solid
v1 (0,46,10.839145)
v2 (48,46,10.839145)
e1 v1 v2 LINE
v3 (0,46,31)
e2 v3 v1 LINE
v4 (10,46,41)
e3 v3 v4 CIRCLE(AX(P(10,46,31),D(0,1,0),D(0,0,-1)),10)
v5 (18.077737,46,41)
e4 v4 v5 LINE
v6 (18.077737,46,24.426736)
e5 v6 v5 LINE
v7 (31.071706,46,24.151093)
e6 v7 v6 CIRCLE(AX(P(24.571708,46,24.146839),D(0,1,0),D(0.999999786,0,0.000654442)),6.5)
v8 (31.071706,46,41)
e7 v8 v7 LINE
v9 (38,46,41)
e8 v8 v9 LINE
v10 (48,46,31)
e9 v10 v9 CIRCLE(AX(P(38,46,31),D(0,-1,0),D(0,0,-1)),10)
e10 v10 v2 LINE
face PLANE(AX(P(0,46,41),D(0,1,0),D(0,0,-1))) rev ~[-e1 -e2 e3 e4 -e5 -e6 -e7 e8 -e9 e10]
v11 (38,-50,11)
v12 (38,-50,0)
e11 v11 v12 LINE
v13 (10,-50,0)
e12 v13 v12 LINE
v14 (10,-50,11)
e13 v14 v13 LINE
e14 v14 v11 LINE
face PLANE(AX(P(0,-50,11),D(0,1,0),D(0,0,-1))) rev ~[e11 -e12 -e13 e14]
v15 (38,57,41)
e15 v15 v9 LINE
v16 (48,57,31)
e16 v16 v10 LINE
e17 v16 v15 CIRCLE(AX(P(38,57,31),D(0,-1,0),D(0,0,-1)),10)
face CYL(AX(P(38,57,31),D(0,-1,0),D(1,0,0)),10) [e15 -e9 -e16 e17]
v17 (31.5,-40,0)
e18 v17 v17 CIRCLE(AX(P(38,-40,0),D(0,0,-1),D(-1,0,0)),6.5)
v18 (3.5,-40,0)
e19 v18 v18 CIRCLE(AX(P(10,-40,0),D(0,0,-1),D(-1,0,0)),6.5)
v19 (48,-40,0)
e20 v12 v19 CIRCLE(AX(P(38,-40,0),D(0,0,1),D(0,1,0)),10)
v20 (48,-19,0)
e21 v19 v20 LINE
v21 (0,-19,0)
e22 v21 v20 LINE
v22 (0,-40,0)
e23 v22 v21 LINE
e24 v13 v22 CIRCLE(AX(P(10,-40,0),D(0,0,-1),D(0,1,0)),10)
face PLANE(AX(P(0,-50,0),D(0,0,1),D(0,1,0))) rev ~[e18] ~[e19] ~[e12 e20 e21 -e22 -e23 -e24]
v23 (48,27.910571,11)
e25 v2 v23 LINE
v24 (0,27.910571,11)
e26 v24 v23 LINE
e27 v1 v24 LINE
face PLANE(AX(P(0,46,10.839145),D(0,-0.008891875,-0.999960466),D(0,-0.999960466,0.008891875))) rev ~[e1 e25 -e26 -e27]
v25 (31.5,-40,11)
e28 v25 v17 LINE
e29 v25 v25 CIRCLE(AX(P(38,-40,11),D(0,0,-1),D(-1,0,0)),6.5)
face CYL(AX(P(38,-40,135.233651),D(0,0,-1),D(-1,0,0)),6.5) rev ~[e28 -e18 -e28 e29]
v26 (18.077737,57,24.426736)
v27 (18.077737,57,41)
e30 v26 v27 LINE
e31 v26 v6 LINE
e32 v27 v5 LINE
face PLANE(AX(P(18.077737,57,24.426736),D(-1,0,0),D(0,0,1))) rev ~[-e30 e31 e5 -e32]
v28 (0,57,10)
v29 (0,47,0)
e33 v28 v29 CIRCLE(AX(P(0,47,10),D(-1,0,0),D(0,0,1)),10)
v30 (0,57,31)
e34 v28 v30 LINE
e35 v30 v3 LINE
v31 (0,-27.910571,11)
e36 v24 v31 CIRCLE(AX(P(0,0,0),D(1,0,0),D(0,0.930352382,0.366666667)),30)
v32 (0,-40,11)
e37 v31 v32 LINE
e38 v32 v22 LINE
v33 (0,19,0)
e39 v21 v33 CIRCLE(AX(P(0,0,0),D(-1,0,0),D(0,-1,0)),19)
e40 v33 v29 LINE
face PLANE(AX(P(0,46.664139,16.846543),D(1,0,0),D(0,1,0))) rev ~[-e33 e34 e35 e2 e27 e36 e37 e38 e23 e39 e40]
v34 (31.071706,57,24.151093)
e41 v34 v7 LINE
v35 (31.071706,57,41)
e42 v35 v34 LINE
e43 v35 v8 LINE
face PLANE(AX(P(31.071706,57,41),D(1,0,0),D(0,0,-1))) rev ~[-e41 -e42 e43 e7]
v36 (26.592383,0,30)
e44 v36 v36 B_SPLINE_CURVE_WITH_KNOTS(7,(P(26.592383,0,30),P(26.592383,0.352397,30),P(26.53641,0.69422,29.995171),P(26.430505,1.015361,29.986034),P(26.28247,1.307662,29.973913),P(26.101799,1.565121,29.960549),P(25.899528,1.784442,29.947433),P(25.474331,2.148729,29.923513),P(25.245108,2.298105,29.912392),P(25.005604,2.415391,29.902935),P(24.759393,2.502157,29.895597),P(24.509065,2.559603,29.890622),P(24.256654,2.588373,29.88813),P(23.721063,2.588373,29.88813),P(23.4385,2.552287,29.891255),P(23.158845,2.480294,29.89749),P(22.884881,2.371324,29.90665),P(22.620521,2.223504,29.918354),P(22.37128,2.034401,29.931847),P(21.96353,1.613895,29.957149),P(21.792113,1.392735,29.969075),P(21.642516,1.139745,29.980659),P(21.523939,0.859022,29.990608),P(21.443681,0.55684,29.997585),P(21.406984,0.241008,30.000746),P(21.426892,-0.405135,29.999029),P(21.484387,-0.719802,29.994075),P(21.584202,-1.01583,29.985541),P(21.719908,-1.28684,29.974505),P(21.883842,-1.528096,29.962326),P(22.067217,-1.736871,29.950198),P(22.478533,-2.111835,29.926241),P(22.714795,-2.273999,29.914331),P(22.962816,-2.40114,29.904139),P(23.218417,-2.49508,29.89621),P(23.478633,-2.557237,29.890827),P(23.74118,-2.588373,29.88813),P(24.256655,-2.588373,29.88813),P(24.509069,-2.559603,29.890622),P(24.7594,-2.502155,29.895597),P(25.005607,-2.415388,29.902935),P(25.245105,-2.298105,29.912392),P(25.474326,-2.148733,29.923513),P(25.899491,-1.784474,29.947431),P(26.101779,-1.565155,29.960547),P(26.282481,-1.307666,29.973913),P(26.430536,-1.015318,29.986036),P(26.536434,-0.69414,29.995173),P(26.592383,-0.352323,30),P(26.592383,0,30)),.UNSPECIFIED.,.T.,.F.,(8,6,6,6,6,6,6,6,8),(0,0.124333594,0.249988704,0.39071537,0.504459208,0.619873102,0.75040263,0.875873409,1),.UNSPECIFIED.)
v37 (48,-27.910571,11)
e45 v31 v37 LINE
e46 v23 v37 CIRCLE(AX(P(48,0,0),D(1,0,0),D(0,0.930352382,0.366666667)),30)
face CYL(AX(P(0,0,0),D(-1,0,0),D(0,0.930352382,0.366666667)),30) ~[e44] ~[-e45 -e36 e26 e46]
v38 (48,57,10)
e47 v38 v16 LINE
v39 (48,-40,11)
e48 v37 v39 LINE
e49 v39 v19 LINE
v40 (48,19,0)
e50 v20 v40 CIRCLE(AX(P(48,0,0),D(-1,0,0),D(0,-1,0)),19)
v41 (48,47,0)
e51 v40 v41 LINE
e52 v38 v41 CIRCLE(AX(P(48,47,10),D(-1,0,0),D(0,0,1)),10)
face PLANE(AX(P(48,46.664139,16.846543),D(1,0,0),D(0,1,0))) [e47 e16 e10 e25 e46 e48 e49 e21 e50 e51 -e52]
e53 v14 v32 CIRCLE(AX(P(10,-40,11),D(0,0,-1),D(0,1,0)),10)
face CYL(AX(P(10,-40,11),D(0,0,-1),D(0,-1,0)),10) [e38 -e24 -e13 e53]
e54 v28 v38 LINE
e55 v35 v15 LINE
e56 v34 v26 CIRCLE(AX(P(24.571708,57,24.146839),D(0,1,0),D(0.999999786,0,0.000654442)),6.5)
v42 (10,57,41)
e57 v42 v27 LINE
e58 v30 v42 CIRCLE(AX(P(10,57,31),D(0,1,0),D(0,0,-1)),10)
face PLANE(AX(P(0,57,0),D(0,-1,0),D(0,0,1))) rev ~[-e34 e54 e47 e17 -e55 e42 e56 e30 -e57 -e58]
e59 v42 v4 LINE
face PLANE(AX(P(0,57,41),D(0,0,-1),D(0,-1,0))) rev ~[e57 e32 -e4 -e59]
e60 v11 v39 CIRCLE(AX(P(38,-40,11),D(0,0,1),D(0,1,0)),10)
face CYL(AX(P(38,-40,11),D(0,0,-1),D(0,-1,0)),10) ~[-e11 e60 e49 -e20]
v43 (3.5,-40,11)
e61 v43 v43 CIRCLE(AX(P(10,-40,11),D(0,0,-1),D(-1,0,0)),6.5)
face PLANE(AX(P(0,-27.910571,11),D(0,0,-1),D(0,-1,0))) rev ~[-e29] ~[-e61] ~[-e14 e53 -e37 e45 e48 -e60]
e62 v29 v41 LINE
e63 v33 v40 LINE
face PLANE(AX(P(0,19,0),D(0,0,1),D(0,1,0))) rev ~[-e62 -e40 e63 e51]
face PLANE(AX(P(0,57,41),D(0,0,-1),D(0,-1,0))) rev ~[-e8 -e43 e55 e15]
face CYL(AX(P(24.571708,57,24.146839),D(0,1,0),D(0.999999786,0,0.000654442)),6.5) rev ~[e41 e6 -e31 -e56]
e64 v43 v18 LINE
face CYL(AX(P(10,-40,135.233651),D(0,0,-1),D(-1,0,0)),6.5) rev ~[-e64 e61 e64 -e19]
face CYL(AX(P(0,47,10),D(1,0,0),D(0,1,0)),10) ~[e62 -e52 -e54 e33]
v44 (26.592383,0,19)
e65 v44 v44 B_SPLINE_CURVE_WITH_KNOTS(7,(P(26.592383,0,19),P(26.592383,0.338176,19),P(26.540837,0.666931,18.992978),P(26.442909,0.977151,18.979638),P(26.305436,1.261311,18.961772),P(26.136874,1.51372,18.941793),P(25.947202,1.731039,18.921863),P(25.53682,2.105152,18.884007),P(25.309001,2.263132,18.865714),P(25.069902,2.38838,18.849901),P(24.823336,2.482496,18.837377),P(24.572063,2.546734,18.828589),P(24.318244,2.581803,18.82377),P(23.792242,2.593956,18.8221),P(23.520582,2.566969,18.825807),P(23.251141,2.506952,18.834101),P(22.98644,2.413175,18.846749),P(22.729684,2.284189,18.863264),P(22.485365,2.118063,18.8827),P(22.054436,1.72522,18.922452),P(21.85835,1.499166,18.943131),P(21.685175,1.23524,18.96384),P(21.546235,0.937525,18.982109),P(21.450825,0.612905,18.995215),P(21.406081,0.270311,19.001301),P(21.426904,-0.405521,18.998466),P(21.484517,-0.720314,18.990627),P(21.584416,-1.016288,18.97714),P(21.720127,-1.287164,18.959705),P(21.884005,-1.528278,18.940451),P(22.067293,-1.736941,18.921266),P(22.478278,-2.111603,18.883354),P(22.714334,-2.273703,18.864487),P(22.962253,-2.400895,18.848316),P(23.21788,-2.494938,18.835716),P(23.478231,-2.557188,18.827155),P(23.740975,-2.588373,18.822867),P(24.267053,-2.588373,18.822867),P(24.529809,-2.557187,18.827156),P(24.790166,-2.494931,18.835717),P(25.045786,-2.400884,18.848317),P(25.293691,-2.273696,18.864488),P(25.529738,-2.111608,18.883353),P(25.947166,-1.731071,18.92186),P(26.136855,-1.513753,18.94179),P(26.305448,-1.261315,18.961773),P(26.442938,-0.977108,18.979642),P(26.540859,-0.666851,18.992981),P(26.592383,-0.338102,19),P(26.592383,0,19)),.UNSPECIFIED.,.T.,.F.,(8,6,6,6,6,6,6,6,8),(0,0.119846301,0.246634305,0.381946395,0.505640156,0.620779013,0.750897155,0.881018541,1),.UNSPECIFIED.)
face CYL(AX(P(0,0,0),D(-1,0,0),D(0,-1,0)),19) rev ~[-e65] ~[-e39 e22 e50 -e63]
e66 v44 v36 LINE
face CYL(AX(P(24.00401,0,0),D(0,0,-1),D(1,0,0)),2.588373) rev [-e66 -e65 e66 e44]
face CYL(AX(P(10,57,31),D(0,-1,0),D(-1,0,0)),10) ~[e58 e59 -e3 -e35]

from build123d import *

# Parameters (mm, degrees)
F1_DEPTH  = 48
F2_R      = 10
F3_R      = 10
F5_D      = 13
F8_DEPTH  = 25
F6_R      = 2.5
F9_DEPTH  = 25
F10_R     = 2.5883727543
F11_DEPTH = 35


with BuildPart() as f1:
    # F0 (on Right) → F1 (new body)
    with BuildSketch(Plane.YZ):
        with BuildLine():
            ThreePointArc((27.9105714739, 11), (29.4730143031, 5.5983415304), (30, 0))
            Line((30, 0), (57, 0))
            Line((57, 0), (57, 41))
            Line((57, 41), (46, 41))
            Line((46, 41), (46, 10.8391446993))
            Line((46, 10.8391446993), (27.9105714739, 11))
        make_face()
        with BuildLine():
            Line((-50, 0), (-30, 0))
            ThreePointArc((-30, 0), (-29.4730143031, 5.5983415304), (-27.9105714739, 11))
            Line((-27.9105714739, 11), (-50, 11))
            Line((-50, 11), (-50, 0))
        make_face()
        with BuildLine():
            ThreePointArc((-19, 0), (0, 19), (19, 0))
            Line((19, 0), (30, 0))
            ThreePointArc((30, 0), (29.4730143031, 5.5983415304), (27.9105714739, 11))
            ThreePointArc((27.9105714739, 11), (0, 30), (-27.9105714739, 11))
            ThreePointArc((-27.9105714739, 11), (-29.4730143031, 5.5983415304), (-30, 0))
            Line((-30, 0), (-19, 0))
        make_face()
    extrude(amount=F1_DEPTH)

    # F2
    f2_edges = [f1.edges().sort_by_distance(p)[0] for p in [
        (0, -50, 5.5),
    ]]
    fillet(f2_edges, radius=F2_R)

    # F3
    f3_edges = [f1.edges().sort_by_distance(p)[0] for p in [
        (48, -50, 5.5),
        (48, 51.5, 41),
        (0, 51.5, 41),
        (24, 57, 0),
    ]]
    fillet(f3_edges, radius=F3_R)

    # F5 (through all)
    with Locations(Plane.XY.offset(11)):
        with Locations((38, -40), (10, -40)):
            Hole(F5_D / 2)

    # F7 (on face) → F8 (cut)
    with BuildSketch(Plane(origin=(0, 57, 0), x_dir=(-1, 0, 0), z_dir=(0, 1, 0))):
        with BuildLine():
            Line((-31.0717061657, 41), (-31.0717061657, 24.151092889))
            ThreePointArc((-31.0717061657, 24.151092889), (-24.4338531361, 17.6483010112), (-18.0777366792, 24.4267358331))
            Line((-18.0777366792, 24.4267358331), (-18.0777366792, 41))
            Line((-18.0777366792, 41), (-31.0717061657, 41))
        make_face()
    extrude(amount=-F8_DEPTH, mode=Mode.SUBTRACT)

    # F6 (on Top) → F9 (cut)
    with BuildSketch(Plane.XY):
        with Locations((23.1874617344, 0)):
            Circle(F6_R)
    extrude(amount=-F9_DEPTH, mode=Mode.SUBTRACT)

    # F10 (on Top) → F11 (cut)
    with BuildSketch(Plane.XY):
        with Locations((24.0040104836, 0)):
            Circle(F10_R)
    extrude(amount=F11_DEPTH, mode=Mode.SUBTRACT)


solid = f1.part
